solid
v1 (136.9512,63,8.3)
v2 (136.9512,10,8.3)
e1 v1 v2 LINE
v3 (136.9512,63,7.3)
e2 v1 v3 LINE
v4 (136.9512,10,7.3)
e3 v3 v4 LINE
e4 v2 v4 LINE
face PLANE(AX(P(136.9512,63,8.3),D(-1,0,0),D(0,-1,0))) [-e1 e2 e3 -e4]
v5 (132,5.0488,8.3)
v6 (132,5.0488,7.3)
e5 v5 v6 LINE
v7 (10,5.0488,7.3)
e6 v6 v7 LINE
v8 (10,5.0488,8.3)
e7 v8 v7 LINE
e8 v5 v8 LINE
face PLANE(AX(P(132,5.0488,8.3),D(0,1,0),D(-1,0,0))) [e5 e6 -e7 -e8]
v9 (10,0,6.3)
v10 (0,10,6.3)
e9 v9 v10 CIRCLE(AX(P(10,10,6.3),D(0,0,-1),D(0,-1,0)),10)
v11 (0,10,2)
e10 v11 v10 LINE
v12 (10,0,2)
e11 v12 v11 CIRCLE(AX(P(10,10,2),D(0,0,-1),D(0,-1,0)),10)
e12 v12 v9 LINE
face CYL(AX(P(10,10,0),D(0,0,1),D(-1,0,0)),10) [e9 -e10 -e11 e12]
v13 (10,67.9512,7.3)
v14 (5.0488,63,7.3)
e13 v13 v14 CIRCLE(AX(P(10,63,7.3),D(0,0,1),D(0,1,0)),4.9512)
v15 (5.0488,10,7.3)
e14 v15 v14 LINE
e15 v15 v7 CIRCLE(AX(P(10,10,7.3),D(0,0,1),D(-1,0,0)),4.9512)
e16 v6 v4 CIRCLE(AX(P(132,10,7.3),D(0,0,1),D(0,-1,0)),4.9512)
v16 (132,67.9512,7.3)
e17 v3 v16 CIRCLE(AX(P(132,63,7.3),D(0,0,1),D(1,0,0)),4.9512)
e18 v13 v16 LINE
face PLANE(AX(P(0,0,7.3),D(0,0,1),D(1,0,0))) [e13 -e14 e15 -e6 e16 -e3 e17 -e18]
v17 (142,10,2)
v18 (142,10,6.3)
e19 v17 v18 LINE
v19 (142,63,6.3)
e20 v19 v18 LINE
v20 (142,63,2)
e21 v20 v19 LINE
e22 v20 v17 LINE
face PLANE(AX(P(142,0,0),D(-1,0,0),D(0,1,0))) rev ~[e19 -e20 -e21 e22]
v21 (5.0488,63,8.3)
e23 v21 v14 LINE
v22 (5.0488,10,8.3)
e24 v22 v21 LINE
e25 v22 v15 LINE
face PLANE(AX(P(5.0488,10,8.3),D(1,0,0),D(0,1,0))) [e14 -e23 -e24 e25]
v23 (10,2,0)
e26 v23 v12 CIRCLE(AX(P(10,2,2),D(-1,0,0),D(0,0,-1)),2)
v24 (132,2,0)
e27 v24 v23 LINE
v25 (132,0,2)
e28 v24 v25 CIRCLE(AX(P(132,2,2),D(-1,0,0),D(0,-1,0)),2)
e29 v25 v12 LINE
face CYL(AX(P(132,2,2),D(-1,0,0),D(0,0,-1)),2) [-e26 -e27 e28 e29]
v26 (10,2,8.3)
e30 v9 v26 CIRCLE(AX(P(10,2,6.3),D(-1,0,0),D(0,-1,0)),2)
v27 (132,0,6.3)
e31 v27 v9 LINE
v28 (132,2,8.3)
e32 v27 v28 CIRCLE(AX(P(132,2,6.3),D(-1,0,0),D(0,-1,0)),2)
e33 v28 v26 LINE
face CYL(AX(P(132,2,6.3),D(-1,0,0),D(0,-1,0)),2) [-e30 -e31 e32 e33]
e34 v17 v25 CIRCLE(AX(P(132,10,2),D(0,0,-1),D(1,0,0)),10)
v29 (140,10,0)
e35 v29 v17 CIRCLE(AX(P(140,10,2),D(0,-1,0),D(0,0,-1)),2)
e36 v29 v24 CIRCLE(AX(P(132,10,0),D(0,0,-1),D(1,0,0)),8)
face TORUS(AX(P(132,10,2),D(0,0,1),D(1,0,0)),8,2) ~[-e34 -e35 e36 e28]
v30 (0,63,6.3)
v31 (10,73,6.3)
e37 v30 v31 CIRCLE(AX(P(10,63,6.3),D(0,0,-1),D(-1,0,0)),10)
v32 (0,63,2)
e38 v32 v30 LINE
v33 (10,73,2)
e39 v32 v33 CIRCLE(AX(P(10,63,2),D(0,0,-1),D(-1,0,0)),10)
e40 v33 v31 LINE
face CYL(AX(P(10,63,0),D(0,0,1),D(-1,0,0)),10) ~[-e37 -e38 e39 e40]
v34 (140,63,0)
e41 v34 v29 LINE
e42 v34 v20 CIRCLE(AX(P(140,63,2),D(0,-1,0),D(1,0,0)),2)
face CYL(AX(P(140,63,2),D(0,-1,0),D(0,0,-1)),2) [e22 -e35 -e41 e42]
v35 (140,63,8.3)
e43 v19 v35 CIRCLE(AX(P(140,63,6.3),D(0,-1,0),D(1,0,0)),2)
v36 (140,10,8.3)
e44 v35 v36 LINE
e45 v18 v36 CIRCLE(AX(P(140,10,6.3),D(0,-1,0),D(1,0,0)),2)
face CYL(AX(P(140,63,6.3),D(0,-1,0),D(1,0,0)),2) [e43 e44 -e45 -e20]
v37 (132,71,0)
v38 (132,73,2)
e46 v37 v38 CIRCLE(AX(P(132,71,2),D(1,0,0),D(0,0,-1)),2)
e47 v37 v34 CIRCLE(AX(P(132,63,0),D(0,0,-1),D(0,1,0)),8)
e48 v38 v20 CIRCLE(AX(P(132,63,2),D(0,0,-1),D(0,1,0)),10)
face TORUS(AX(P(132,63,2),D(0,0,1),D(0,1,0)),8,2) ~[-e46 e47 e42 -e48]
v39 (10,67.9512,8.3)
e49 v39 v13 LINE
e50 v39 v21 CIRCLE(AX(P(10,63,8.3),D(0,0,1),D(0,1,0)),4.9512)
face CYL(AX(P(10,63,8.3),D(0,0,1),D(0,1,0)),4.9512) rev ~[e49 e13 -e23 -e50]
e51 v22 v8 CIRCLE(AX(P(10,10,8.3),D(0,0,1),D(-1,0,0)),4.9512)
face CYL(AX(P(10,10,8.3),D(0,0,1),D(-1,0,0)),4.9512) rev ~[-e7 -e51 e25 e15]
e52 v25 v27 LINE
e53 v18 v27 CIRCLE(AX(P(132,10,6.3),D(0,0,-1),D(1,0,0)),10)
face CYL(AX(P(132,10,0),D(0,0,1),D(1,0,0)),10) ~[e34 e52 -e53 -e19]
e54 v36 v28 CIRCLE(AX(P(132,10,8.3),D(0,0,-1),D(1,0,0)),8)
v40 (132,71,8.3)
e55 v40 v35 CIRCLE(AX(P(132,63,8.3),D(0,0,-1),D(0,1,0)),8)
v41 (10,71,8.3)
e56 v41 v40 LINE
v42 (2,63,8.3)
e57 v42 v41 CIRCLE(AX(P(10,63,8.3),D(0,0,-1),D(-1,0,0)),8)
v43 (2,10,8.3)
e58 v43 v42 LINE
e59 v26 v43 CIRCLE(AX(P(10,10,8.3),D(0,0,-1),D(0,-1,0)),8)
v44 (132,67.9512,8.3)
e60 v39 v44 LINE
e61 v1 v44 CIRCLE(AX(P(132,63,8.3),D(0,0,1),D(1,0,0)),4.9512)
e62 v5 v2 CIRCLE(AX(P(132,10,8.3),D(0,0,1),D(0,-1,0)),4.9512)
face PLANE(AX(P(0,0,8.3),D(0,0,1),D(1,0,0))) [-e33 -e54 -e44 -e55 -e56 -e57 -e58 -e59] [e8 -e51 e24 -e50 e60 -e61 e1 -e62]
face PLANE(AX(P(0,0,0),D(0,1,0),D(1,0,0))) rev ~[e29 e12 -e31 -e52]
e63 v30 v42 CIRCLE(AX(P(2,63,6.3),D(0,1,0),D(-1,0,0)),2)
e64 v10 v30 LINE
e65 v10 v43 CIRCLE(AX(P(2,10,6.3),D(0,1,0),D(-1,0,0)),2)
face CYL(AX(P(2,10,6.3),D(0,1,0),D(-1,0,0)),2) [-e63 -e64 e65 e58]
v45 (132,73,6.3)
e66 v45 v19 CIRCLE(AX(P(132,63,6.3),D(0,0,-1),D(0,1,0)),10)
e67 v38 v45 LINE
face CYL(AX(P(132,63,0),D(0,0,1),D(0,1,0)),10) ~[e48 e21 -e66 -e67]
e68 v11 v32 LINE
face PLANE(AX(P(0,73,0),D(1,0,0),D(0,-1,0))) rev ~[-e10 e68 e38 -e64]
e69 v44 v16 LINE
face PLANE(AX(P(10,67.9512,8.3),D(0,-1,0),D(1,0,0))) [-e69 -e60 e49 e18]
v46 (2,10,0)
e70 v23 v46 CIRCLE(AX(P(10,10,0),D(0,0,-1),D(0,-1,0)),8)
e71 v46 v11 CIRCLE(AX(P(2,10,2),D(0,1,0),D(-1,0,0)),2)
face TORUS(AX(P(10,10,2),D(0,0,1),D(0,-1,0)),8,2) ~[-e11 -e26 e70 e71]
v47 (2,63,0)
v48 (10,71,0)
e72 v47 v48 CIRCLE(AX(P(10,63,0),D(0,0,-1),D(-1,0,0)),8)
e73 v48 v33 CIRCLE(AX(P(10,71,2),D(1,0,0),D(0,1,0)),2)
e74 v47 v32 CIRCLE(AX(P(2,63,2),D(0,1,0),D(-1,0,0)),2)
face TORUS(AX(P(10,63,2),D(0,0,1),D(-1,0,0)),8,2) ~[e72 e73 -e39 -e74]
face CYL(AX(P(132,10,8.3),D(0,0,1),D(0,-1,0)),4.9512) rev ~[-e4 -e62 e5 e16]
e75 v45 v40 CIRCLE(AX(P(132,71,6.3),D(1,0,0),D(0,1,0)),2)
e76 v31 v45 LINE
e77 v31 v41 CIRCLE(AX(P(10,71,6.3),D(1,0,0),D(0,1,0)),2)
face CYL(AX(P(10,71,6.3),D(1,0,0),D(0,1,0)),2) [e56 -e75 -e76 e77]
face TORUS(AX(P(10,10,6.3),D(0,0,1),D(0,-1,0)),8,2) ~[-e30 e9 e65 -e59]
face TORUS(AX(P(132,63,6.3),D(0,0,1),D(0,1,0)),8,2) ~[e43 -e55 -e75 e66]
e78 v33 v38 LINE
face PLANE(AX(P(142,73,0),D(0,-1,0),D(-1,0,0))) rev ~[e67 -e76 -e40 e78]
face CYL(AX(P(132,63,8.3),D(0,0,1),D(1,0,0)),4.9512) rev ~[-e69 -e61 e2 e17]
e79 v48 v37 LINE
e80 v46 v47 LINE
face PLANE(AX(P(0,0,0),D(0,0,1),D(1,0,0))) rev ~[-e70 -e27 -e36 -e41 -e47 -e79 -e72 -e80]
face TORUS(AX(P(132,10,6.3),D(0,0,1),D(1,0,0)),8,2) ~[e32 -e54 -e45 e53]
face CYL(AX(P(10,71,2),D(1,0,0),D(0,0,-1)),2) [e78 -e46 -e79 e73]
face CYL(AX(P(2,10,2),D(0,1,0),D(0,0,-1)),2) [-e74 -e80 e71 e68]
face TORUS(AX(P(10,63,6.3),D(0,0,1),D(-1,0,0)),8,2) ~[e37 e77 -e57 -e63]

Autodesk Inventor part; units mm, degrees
ref_plane "YZ Plane" through (0, 0, 0) normal (1, 0, 0) x (0, 1, 0)
ref_plane "XZ Plane" through (0, 0, 0) normal (0, 1, 0) x (-1, 0, 0)
ref_plane "XY Plane" through (0, 0, 0) normal (0, 0, 1) x (1, 0, 0)
sketch "Sketch1" plane through (0, 0, 0) normal (0, 0, 1) x (1, 0, 0)
  line L0 (0, 0) -> (142, 0)
  line L1 (142, 0) -> (142, 73)
  line L2 (142, 73) -> (0, 73)
  line L3 (0, 73) -> (0, 0)
  dimension "d0" = 142
  dimension "d1" = 73
extrude "Extrusion1" add sketch "Sketch1" along normal blind 8.3
fillet "Fillet1" radius 10 4 edges at (142, 73, 4.15) (142, 0, 4.15) (0, 0, 4.15) (0, 73, 4.15)
fillet "Fillet2" radius 2 16 edges at (2.9289, 70.0711, 8.3) (0, 36.5, 8.3) (2.9289, 2.9289, 8.3) (71, 0, 8.3) (139.0711, 2.9289, 8.3) (142, 36.5, 8.3) (139.0711, 70.0711, 8.3) (71, 73, 8.3) (2.9289, 70.0711, 0) (0, 36.5, 0) (2.9289, 2.9289, 0) (71, 0, 0) (139.0711, 2.9289, 0) (142, 36.5, 0) (139.0711, 70.0711, 0) (71, 73, 0)
sketch "Sketch2" plane through (0, 0, 8.3) normal (0, 0, 1) x (1, 0, 0)
  arc A0 (10, 71) -> (2, 63) centre (10, 63) ccw projected
  line L0 (2, 10) -> (2, 63) projected
  arc A1 (2, 10) -> (10, 2) centre (10, 10) ccw projected
  line L1 (132, 2) -> (10, 2) projected
  arc A2 (132, 2) -> (140, 10) centre (132, 10) ccw projected
  line L2 (140, 63) -> (140, 10) projected
  arc A3 (140, 63) -> (132, 71) centre (132, 63) ccw projected
  line L3 (10, 71) -> (132, 71) projected
  arc A4 (136.9512, 63) -> (132, 67.9512) centre (132, 63) ccw
  line L4 (136.9512, 63) -> (136.9512, 10)
  arc A5 (132, 5.0488) -> (136.9512, 10) centre (132, 10) ccw
  line L5 (132, 5.0488) -> (10, 5.0488)
  arc A6 (5.0488, 10) -> (10, 5.0488) centre (10, 10) ccw
  line L6 (5.0488, 10) -> (5.0488, 63)
  arc A7 (10, 67.9512) -> (5.0488, 63) centre (10, 63) ccw
  line L7 (10, 67.9512) -> (132, 67.9512)
  point P0 (0, 0)
extrude "Extrusion2" cut sketch "Sketch2" against normal blind 1 contours L4 A5 L5 A6 L6 A7 L7 A4
properties part number "Phone"
